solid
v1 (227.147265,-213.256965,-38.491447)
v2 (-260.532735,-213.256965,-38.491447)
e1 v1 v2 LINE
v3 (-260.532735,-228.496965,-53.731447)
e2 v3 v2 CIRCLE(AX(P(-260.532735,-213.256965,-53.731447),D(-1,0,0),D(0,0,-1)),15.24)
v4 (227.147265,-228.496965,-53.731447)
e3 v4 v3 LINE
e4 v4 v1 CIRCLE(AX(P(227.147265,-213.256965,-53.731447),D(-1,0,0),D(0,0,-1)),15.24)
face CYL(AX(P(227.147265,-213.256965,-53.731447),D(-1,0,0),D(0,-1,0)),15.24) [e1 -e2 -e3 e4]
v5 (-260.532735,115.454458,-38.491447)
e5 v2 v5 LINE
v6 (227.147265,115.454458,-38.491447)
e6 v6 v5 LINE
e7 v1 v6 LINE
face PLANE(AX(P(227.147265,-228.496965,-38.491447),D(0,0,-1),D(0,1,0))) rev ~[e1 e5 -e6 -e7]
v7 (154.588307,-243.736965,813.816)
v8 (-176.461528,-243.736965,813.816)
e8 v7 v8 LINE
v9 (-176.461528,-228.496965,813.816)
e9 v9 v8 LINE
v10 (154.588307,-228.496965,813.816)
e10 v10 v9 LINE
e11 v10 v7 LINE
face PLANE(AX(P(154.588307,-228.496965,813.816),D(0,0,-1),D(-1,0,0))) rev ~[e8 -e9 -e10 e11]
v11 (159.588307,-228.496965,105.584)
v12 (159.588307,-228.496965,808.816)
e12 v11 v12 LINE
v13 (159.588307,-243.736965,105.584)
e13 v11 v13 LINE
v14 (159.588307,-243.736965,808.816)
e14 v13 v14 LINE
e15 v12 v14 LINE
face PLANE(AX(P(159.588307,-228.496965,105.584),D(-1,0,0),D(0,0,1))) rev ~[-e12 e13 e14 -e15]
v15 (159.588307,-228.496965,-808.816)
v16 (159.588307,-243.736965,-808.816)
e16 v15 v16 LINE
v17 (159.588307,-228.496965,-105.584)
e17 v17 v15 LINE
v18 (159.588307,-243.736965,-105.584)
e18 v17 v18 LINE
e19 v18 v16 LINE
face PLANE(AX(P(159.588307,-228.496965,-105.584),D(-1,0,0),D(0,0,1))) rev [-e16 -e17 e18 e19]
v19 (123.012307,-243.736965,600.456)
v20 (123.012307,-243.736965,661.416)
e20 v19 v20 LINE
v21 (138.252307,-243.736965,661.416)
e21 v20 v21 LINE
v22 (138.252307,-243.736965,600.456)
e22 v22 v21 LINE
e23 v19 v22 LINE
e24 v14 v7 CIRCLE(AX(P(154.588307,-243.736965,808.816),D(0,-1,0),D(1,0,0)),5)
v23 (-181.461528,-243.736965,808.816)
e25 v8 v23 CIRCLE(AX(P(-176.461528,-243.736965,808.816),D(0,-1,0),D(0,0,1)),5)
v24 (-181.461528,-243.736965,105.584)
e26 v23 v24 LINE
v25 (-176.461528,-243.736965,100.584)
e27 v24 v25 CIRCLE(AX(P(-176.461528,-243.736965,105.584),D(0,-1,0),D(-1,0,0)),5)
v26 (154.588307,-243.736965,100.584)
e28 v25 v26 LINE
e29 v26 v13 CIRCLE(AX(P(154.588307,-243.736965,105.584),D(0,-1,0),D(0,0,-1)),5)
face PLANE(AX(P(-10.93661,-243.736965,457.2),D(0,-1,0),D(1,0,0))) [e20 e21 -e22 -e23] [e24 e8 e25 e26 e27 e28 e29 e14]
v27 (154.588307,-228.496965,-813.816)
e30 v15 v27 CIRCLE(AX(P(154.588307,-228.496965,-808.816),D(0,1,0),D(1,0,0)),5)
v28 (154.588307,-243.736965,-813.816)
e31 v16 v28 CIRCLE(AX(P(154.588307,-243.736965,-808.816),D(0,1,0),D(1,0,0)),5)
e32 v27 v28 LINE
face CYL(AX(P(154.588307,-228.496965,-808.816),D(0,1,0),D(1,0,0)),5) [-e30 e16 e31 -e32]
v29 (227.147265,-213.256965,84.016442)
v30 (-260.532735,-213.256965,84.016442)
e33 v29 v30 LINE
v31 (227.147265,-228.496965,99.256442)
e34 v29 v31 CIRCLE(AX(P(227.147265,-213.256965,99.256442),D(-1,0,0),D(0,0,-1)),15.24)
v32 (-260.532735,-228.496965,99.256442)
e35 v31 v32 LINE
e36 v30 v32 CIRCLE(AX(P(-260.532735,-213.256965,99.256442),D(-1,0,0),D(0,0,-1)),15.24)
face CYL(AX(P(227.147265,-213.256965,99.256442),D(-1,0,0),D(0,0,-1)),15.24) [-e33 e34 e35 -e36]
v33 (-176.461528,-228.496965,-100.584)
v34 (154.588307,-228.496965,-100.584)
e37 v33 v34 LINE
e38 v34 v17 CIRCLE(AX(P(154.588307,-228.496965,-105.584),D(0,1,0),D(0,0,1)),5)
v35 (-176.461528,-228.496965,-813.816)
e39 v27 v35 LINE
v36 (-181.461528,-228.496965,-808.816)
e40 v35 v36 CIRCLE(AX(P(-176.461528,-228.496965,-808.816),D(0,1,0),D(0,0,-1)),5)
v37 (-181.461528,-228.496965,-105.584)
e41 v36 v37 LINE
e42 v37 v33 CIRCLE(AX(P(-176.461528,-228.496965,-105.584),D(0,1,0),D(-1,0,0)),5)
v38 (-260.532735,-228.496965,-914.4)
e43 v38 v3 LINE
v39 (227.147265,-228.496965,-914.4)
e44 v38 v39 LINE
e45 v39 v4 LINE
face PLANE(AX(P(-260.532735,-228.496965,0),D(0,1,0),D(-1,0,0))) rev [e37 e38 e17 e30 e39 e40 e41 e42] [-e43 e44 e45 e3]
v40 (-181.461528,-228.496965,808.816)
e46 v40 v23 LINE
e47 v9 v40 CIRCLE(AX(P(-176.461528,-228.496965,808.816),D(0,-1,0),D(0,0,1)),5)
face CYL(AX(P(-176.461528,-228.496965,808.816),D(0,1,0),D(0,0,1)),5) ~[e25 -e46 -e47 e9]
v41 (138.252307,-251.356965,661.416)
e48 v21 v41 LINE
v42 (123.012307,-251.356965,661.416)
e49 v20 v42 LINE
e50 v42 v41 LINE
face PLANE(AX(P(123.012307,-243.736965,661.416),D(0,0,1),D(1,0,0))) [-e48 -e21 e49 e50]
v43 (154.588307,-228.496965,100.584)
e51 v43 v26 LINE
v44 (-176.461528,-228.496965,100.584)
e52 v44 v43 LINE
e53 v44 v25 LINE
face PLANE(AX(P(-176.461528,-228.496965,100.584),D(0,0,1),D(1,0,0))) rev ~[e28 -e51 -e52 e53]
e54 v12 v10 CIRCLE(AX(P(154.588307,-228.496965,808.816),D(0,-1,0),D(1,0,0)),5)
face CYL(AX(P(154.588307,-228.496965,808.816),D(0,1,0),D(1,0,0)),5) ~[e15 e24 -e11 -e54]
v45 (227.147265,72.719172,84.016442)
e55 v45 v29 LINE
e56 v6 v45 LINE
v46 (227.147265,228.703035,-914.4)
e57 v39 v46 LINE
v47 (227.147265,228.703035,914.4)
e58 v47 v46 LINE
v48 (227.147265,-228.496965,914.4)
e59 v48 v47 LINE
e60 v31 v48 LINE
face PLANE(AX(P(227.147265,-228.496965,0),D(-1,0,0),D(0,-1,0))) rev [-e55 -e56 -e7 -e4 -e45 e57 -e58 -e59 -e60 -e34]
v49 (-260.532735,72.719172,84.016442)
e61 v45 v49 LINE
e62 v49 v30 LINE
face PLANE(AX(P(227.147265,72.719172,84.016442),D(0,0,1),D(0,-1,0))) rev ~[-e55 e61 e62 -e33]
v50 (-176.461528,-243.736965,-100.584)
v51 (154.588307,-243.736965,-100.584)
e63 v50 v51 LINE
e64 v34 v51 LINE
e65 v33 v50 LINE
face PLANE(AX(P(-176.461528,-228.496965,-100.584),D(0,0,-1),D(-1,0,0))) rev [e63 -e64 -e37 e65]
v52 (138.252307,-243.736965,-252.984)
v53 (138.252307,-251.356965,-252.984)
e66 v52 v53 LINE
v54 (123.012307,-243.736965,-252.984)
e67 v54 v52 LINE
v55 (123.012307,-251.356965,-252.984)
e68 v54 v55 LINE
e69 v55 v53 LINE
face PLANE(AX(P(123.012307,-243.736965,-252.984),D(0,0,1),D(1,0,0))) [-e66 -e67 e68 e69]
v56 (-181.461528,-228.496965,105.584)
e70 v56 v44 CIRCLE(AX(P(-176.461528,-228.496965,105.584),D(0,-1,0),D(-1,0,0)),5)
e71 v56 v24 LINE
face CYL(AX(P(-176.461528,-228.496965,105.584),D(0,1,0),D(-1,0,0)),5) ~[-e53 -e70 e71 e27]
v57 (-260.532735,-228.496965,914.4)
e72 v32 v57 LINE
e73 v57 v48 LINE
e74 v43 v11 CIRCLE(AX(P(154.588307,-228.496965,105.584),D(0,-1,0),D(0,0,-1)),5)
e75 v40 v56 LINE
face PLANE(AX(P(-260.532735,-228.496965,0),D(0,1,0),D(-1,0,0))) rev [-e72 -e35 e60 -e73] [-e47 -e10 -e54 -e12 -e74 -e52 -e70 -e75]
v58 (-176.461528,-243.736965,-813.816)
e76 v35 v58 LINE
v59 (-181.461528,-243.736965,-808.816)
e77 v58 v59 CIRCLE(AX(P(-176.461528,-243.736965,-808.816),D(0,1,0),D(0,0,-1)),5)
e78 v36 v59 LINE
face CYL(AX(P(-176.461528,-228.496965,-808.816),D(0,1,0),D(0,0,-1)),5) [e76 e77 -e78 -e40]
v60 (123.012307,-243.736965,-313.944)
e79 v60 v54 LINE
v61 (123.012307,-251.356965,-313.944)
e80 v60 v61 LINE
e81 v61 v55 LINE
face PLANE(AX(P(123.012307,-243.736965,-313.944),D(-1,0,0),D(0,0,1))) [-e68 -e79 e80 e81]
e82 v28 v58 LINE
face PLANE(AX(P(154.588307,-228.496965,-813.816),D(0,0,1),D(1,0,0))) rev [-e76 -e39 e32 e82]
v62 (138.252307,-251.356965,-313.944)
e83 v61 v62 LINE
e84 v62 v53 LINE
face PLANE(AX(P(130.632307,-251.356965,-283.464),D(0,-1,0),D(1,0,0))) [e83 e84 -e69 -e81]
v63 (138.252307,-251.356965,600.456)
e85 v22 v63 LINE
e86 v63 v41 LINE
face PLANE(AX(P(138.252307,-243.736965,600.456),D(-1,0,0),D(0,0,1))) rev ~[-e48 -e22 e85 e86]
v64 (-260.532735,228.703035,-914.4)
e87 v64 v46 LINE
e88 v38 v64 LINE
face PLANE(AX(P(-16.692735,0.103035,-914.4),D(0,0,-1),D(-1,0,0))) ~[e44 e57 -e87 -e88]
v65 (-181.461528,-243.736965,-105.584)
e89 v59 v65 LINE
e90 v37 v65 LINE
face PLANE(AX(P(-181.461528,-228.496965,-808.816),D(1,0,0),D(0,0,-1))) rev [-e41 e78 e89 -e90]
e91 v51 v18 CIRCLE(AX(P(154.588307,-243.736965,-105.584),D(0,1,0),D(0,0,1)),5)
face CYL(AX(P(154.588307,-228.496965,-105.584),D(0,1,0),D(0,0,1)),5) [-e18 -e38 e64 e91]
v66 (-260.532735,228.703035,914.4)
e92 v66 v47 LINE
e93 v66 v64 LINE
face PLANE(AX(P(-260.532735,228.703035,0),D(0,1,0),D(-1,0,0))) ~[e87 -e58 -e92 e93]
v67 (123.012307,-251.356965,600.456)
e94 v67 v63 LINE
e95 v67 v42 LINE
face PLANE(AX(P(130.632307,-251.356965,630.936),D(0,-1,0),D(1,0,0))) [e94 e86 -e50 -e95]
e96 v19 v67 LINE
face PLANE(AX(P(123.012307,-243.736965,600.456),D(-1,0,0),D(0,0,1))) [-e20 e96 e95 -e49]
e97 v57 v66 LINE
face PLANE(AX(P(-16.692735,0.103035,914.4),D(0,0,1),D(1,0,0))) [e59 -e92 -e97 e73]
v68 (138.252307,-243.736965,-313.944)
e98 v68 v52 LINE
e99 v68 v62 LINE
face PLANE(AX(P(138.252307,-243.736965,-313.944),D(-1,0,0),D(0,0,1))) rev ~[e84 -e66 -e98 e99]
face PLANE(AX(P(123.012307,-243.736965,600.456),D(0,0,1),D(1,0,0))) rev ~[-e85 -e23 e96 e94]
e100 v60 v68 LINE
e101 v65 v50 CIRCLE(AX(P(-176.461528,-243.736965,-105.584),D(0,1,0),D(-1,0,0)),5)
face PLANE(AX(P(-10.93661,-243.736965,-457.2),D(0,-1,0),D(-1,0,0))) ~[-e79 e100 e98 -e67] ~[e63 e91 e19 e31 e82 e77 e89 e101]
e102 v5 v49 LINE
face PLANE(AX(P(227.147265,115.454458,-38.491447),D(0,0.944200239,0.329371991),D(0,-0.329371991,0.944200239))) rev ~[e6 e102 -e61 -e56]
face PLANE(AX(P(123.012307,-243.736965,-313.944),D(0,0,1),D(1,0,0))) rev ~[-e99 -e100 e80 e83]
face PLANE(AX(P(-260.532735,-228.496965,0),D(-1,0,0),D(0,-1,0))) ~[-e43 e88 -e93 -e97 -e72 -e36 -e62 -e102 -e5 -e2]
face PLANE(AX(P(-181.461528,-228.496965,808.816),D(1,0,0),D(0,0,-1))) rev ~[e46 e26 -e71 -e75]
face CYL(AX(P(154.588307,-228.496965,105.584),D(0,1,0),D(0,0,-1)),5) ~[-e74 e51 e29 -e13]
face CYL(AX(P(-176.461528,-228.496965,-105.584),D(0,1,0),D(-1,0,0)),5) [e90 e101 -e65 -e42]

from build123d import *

# Parameters (mm, degrees)
F0_W     = 487.68
F0_H     = 457.2
F1_DEPTH = 914.4
F3_DEPTH = 15.24
F5_W     = 15.24
F5_H     = 60.96
F6_DEPTH = 7.62
F8_DEPTH = 487.68
F9_R     = 15.24


with BuildPart() as f1:
    # F0 (on Top) → F1 (new body)
    with BuildSketch(Plane.XY):
        with Locations((-16.6927352548, 0.1030346877)):
            Rectangle(F0_W, F0_H)
    extrude(amount=F1_DEPTH)

    # F2 (on face) → F3 (join)
    with BuildSketch(Plane.XZ.offset(228.4969653123)):
        with BuildLine():
            ThreePointArc((-181.4615279436, 105.584), (-179.9970618495, 102.0484660941), (-176.4615279436, 100.584))
            Line((-176.4615279436, 100.584), (154.5883071423, 100.584))
            ThreePointArc((154.5883071423, 100.584), (158.1238410482, 102.0484660941), (159.5883071423, 105.584))
            Line((159.5883071423, 105.584), (159.5883071423, 808.816))
            ThreePointArc((159.5883071423, 808.816), (158.1238410482, 812.3515339059), (154.5883071423, 813.816))
            Line((154.5883071423, 813.816), (-176.4615279436, 813.816))
            ThreePointArc((-176.4615279436, 813.816), (-179.9970618495, 812.3515339059), (-181.4615279436, 808.816))
            Line((-181.4615279436, 808.816), (-181.4615279436, 105.584))
        make_face()
    extrude(amount=F3_DEPTH)

    # F4: F1 across face


with BuildPart() as f1_1:
    add(f1.part)
    add(f1.part.mirror(Plane(origin=(-16.6927352548, 0.1030346877, 0), x_dir=(1, 0, 0), z_dir=(0, 0, -1))))

    # F5 (on face) → F6 (join)
    with BuildSketch(Plane.XZ.offset(243.7369653123)):
        with Locations((130.6323071423, 630.936)):
            Rectangle(F5_W, F5_H)
        with Locations((130.6323071423, -283.464)):
            Rectangle(F5_W, F5_H)
    extrude(amount=F6_DEPTH)

    # F7 (on face) → F8 (cut)
    with BuildSketch(Plane.YZ.offset(227.1472647452)):
        Polygon((72.7191716433, 84.0164422989), (-228.4969653123, 84.0164422989), (-228.4969653123, -38.4914465249), (115.4544577003, -38.4914465249), align=None)
    extrude(amount=-F8_DEPTH, mode=Mode.SUBTRACT)

    # F9
    f9_edges = [f1_1.edges().sort_by_distance(p)[0] for p in [
        (-16.692735, -228.496965, -38.491447),
        (-16.692735, -228.496965, 84.016442),
    ]]
    fillet(f9_edges, radius=F9_R)


solid = f1_1.part
